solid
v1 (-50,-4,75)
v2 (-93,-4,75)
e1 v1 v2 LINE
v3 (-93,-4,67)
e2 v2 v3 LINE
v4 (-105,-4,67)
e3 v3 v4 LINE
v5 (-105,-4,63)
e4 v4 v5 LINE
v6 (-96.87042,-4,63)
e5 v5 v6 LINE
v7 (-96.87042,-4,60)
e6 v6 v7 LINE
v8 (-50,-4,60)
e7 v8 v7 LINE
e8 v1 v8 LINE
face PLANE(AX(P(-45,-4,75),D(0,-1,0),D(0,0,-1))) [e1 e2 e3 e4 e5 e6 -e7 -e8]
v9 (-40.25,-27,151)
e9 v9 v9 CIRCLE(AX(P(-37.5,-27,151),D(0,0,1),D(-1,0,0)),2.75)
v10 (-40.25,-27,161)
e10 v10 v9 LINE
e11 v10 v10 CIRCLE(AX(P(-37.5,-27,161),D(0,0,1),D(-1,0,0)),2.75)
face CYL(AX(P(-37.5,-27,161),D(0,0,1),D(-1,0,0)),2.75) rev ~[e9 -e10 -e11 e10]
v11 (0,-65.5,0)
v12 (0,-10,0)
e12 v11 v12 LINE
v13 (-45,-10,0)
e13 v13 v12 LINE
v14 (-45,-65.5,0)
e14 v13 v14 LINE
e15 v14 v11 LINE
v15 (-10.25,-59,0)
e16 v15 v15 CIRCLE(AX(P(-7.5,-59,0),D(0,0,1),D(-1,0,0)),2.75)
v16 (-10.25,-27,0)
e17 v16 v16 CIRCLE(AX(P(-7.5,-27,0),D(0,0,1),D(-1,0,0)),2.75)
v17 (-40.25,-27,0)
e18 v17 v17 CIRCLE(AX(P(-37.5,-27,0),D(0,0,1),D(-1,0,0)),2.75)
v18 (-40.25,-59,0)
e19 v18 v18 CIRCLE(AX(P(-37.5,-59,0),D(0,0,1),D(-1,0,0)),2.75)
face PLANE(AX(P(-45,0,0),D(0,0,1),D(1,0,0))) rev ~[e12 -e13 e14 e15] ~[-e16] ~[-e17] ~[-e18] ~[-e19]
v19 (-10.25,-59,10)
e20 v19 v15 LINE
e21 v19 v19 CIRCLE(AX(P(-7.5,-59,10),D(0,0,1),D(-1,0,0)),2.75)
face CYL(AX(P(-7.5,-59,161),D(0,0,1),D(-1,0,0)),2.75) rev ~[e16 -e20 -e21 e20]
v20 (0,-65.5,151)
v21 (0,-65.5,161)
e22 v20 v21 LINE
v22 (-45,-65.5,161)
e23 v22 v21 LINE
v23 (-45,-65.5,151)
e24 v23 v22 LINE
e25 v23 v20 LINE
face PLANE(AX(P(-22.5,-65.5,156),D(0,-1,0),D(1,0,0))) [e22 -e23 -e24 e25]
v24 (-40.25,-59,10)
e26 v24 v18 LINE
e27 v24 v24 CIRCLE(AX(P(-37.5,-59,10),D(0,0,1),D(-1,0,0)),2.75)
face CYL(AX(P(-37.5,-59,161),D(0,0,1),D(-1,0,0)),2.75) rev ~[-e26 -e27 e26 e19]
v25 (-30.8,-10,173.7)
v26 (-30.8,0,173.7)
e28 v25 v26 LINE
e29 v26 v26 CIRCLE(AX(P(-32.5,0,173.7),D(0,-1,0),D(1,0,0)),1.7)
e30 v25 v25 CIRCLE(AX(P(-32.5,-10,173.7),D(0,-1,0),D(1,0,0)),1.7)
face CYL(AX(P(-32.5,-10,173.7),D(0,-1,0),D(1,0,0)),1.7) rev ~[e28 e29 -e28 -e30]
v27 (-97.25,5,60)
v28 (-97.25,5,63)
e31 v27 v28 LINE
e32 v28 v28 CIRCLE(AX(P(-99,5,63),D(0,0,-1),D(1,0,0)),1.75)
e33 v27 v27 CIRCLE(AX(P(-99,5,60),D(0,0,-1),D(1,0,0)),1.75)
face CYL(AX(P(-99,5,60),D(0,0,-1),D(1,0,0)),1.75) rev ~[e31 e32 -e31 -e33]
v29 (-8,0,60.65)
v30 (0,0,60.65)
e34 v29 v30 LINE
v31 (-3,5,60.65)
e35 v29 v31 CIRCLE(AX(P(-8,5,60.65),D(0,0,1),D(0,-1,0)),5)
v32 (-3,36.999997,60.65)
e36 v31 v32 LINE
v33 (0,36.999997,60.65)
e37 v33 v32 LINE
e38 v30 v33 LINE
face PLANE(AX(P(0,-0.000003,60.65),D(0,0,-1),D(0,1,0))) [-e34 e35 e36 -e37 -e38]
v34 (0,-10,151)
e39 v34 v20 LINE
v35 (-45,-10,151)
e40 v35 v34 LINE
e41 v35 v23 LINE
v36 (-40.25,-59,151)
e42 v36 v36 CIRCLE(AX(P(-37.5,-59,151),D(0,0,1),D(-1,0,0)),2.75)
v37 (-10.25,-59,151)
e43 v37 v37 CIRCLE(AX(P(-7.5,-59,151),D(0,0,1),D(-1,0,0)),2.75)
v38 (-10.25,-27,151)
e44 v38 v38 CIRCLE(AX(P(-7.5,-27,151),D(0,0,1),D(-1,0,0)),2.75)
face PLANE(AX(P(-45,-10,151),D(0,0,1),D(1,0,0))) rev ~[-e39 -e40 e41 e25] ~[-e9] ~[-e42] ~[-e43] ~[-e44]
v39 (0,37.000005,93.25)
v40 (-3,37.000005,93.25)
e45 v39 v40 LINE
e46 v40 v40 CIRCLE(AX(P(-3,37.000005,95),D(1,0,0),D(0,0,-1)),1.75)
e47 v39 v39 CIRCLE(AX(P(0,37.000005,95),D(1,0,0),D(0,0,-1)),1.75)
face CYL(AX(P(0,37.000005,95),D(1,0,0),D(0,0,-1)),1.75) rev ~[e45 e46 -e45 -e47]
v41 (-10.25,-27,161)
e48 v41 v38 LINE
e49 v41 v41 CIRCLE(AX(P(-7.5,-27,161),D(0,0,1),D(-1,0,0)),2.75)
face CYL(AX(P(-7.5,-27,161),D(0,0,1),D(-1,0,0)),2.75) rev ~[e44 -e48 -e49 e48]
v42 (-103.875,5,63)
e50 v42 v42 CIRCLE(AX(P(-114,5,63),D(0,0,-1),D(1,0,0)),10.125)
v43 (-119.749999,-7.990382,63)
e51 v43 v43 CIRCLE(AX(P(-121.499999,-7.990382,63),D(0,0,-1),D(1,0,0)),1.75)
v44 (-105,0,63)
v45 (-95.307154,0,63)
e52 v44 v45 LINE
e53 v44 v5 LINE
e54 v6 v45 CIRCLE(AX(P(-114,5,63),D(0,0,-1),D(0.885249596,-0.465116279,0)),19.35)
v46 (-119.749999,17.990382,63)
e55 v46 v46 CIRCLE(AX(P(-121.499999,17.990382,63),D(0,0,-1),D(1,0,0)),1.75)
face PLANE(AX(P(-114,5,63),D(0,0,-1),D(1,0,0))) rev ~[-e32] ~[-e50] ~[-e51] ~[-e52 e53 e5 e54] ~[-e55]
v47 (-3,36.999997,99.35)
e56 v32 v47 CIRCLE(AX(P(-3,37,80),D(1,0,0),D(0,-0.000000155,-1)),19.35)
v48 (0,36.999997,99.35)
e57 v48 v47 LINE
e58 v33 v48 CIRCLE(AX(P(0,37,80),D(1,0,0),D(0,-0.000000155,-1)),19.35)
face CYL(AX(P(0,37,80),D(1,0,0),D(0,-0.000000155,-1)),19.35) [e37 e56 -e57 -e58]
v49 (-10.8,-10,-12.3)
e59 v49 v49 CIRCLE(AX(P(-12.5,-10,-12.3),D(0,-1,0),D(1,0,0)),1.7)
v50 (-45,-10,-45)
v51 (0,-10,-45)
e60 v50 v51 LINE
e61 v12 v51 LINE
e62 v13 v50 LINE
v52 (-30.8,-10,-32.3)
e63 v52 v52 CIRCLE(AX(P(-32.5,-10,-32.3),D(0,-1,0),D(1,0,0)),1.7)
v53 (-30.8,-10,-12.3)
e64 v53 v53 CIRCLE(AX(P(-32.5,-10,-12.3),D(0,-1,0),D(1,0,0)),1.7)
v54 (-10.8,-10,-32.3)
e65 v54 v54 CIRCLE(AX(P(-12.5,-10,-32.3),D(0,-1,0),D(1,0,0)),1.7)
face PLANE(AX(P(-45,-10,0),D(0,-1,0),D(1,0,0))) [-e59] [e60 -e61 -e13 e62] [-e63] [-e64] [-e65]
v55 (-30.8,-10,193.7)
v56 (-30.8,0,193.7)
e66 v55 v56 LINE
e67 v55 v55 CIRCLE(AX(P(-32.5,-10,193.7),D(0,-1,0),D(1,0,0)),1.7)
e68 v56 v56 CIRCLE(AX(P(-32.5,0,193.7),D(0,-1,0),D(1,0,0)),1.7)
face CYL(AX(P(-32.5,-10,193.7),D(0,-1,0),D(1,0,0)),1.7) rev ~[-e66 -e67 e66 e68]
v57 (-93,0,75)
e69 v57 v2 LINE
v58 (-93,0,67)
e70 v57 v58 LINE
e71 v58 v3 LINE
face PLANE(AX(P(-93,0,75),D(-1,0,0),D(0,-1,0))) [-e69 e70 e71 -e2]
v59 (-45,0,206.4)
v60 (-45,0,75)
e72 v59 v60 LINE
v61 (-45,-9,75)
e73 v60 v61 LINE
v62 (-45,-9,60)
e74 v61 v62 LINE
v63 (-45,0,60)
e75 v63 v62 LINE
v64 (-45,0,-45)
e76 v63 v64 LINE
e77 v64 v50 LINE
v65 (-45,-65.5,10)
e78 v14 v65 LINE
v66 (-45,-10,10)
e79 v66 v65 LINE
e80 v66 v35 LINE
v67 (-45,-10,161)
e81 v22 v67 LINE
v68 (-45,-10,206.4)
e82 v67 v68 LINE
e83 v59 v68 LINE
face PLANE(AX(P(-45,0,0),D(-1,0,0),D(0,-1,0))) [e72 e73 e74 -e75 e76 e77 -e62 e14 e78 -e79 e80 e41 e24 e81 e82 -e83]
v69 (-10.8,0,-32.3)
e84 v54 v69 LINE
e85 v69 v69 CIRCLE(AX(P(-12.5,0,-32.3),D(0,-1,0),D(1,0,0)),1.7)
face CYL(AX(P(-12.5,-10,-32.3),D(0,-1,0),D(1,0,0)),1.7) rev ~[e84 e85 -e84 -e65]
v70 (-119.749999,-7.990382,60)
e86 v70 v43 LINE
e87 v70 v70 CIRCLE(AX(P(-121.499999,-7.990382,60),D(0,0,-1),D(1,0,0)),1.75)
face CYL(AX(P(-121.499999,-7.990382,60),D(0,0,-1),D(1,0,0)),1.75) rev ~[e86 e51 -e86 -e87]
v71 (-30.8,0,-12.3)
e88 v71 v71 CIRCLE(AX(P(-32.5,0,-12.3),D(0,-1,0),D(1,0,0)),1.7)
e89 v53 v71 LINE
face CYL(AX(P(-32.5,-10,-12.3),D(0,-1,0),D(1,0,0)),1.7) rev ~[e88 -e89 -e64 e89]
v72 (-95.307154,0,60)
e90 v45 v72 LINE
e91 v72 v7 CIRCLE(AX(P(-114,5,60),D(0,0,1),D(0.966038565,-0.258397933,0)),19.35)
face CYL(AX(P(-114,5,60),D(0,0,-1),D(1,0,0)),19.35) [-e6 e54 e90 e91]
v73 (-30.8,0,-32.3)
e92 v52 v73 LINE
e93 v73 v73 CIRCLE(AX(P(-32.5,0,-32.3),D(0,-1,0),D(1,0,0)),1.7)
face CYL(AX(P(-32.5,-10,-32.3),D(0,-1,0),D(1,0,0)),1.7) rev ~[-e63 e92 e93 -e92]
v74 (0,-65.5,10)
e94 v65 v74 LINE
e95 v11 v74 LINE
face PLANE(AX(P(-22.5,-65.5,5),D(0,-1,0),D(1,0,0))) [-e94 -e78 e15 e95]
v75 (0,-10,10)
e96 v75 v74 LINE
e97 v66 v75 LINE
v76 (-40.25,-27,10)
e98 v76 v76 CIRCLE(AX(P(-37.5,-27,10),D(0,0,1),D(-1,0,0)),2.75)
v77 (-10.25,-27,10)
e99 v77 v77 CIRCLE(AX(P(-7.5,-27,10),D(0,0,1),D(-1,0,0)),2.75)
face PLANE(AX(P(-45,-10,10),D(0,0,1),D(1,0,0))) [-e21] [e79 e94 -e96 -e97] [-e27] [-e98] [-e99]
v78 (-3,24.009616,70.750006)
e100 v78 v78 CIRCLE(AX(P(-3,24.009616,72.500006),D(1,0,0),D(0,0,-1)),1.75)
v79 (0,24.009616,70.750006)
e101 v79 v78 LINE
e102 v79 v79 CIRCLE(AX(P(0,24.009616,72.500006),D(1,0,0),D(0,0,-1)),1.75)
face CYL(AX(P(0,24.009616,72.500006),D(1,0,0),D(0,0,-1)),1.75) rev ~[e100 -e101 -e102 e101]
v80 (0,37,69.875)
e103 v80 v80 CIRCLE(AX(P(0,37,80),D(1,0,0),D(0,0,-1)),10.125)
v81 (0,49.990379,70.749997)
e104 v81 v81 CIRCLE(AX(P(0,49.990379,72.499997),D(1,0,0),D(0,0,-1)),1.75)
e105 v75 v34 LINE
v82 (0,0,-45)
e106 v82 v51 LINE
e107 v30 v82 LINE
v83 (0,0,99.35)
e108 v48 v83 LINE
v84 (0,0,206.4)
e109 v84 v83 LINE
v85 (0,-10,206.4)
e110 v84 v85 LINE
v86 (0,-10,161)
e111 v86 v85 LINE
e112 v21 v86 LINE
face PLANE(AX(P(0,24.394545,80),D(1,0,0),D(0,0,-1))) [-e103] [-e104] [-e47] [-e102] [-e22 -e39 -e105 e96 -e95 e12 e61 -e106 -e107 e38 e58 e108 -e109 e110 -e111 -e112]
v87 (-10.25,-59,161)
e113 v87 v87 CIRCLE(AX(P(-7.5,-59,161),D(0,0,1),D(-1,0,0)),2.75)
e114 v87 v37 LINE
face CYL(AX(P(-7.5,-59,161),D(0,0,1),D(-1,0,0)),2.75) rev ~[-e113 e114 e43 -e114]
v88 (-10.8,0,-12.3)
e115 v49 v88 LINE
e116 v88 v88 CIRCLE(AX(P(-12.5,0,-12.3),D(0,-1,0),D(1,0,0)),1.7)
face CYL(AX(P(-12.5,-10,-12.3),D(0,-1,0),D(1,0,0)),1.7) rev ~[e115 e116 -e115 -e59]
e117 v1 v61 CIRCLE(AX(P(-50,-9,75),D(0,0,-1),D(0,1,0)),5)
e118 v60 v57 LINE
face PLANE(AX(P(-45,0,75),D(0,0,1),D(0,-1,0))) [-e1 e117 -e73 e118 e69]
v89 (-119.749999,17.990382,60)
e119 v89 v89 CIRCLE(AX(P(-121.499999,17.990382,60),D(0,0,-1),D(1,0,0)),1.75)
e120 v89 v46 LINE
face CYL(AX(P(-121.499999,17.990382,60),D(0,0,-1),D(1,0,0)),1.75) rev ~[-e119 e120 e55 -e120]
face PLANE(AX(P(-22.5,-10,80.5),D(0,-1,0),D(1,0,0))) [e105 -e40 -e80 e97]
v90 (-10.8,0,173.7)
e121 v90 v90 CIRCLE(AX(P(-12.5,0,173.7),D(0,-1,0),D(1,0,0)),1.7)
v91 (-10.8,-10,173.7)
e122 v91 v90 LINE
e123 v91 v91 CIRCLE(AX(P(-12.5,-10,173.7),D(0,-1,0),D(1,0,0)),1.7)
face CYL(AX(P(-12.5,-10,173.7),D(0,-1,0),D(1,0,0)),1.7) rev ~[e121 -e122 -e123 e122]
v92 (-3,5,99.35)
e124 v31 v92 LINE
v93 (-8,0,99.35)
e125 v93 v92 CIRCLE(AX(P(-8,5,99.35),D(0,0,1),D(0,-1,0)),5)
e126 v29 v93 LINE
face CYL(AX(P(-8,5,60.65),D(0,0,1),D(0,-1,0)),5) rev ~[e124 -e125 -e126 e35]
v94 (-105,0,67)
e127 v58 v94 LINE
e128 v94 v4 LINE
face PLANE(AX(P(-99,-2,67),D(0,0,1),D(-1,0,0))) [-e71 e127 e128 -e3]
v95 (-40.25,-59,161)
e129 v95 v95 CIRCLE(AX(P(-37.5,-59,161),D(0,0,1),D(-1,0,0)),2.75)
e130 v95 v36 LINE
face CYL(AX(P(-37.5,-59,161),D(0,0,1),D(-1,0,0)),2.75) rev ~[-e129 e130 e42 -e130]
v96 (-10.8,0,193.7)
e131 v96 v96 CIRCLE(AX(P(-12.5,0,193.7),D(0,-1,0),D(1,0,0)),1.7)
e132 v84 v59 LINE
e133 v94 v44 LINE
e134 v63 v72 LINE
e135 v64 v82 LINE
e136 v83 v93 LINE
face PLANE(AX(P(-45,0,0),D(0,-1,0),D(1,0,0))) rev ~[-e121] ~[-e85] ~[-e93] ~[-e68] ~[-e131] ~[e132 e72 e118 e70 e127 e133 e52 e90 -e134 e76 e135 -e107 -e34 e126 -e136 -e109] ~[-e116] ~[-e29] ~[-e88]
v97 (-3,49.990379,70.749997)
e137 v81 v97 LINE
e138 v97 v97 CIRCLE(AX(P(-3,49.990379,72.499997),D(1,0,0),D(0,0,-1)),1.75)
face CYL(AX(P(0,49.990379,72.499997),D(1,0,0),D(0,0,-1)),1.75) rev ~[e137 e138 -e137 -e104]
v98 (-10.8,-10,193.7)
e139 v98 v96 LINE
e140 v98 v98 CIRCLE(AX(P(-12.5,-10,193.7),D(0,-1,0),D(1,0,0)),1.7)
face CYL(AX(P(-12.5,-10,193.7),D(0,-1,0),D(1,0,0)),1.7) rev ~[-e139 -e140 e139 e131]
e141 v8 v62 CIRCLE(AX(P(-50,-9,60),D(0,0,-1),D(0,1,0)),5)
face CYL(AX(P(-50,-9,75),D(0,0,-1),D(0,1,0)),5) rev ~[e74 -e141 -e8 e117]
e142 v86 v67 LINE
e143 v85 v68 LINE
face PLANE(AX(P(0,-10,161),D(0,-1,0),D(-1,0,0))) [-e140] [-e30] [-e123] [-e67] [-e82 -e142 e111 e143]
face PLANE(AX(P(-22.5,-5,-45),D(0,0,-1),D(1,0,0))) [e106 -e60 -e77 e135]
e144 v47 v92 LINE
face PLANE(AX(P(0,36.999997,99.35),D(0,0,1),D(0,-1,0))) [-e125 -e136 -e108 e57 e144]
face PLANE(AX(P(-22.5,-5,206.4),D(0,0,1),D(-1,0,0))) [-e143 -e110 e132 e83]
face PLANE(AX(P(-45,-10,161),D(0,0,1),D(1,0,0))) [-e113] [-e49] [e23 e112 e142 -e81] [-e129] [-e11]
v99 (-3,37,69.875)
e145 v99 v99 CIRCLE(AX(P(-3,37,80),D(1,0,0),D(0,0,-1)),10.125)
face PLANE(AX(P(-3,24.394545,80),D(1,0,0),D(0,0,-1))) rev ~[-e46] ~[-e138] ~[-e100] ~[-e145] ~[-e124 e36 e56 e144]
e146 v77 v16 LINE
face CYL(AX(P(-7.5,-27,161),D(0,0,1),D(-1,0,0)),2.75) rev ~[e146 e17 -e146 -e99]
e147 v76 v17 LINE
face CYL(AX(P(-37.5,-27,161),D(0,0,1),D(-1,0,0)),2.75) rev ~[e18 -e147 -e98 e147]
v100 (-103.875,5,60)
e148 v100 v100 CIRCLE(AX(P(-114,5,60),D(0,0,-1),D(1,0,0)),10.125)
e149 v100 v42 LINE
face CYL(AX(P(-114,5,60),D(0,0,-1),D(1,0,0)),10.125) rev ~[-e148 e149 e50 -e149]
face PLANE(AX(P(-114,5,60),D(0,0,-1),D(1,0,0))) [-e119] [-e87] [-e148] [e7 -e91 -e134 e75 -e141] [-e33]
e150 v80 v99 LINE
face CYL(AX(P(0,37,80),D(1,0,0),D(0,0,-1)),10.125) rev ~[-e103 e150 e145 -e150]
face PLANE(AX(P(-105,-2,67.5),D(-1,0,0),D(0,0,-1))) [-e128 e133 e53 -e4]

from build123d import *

# Parameters (mm, degrees)
SKETCH_W      = 45
SKETCH_H      = 161
PAD_DEPTH     = 10
SKETCH001_W   = 45
SKETCH001_H   = 10
PAD001_DEPTH  = 55.5
SKETCH002_R   = 2.75
HOLE_DEPTH    = 161.001
SKETCH003_W   = 45
SKETCH003_H   = 10
PAD002_DEPTH  = 45.4
SKETCH004_R   = 1.7
HOLE001_DEPTH = 10.001
SKETCH005_W   = 45
SKETCH005_H   = 10
PAD003_DEPTH  = 45
SKETCH006_R   = 1.7
HOLE002_DEPTH = 10.001
SKETCH007_R   = 10.125
SKETCH007_R_2 = 1.75
PAD004_DEPTH  = 3
SKETCH008_W   = 15
SKETCH008_H   = 4
PAD005_DEPTH  = 60
SKETCH009_R   = 19.35
SKETCH009_R_2 = 10.125
SKETCH009_R_3 = 1.75
PAD006_DEPTH  = 3
SKETCH010_W   = 12
SKETCH010_H   = 4
POCKET_DEPTH  = 8
FILLET_R      = 5


with BuildPart() as part:
    # Sketch → Pad (new body)
    with BuildSketch(Plane.XZ):
        with Locations((-22.5, 80.5)):
            Rectangle(SKETCH_W, SKETCH_H)
    extrude(amount=PAD_DEPTH)

    # Sketch001 (on Face6 of Pad) → Pad001 (join)
    with BuildSketch(Plane.XZ.offset(10)):
        with Locations((-22.5, 156)):
            Rectangle(SKETCH001_W, SKETCH001_H)
        with Locations((-22.5, 5)):
            Rectangle(SKETCH001_W, SKETCH001_H)
    extrude(amount=PAD001_DEPTH)

    # Sketch002 (on Face9 of Pad001) → Hole (cut, through all)
    with BuildSketch(Plane(origin=(0, 0, 161), x_dir=(-1, 0, 0), z_dir=(0, 0, 1))):
        with Locations((7.5, 59)):
            Circle(SKETCH002_R)
        with Locations((37.5, 59)):
            Circle(SKETCH002_R)
        with Locations((7.5, 27)):
            Circle(SKETCH002_R)
        with Locations((37.5, 27)):
            Circle(SKETCH002_R)
    extrude(amount=-HOLE_DEPTH, mode=Mode.SUBTRACT)

    # Sketch003 (on Face3 of Hole) → Pad002 (join)
    with BuildSketch(Plane(origin=(0, 0, 161), x_dir=(-1, 0, 0), z_dir=(0, 0, 1))):
        with Locations((22.5, 5)):
            Rectangle(SKETCH003_W, SKETCH003_H)
    extrude(amount=PAD002_DEPTH)

    # Sketch004 (on Face12 of Pad002) → Hole001 (cut, through all)
    with BuildSketch(Plane.XZ.offset(10)):
        with Locations((-32.5, 193.7)):
            Circle(SKETCH004_R)
        with Locations((-12.5, 193.7)):
            Circle(SKETCH004_R)
        with Locations((-32.5, 173.7)):
            Circle(SKETCH004_R)
        with Locations((-12.5, 173.7)):
            Circle(SKETCH004_R)
    extrude(amount=-HOLE001_DEPTH, mode=Mode.SUBTRACT)

    # Sketch005 (on Face16 of Hole001) → Pad003 (join)
    with BuildSketch(Plane(origin=(0, 0, 0), x_dir=(1, 0, 0), z_dir=(0, 0, -1))):
        with Locations((-22.5, 5)):
            Rectangle(SKETCH005_W, SKETCH005_H)
    extrude(amount=PAD003_DEPTH)

    # Sketch006 (on Face22 of Pad003) → Hole002 (cut, through all)
    with BuildSketch(Plane.XZ.offset(10)):
        with Locations((-32.5, -12.3)):
            Circle(SKETCH006_R)
        with Locations((-12.5, -12.3)):
            Circle(SKETCH006_R)
        with Locations((-32.5, -32.3)):
            Circle(SKETCH006_R)
        with Locations((-12.5, -32.3)):
            Circle(SKETCH006_R)
    extrude(amount=-HOLE002_DEPTH, mode=Mode.SUBTRACT)

    # Sketch007 (on Face2 of Hole002) → Pad004 (join)
    with BuildSketch(Plane(origin=(0, 37, 80), x_dir=(0, 0, -1), z_dir=(1, 0, 0))):
        with BuildLine():
            ThreePointArc((19.35, -3e-06), (0, 19.35), (-19.35, -3e-06))
            Line((-19.35, -3e-06), (-19.35, -37.000003))
            Line((-19.35, -37.000003), (19.35, -37.000003))
            Line((19.35, -37.000003), (19.35, -3e-06))
        make_face()
        Circle(SKETCH007_R, mode=Mode.SUBTRACT)
        with Locations((7.500003, 12.990379)):
            Circle(SKETCH007_R_2, mode=Mode.SUBTRACT)
        with Locations((-15, 5e-06)):
            Circle(SKETCH007_R_2, mode=Mode.SUBTRACT)
        with Locations((7.499994, -12.990384)):
            Circle(SKETCH007_R_2, mode=Mode.SUBTRACT)
    extrude(amount=-PAD004_DEPTH)

    # Sketch008 (on Face3 of Pad004) → Pad005 (join)
    with BuildSketch(Plane(origin=(-45, 0, 0), x_dir=(0, 0, -1), z_dir=(-1, 0, 0))):
        with Locations((-67.5, 2)):
            Rectangle(SKETCH008_W, SKETCH008_H)
    extrude(amount=PAD005_DEPTH)

    # Sketch009 (on Face25 of Pad005) → Pad006 (join)
    with BuildSketch(Plane(origin=(0, 0, 60), x_dir=(1, 0, 0), z_dir=(0, 0, -1))):
        with Locations((-114, -5)):
            Circle(SKETCH009_R)
        with Locations((-114, -5)):
            Circle(SKETCH009_R_2, mode=Mode.SUBTRACT)
        with Locations((-121.499999, 7.990382)):
            Circle(SKETCH009_R_3, mode=Mode.SUBTRACT)
        with Locations((-121.499999, -17.990382)):
            Circle(SKETCH009_R_3, mode=Mode.SUBTRACT)
        with Locations((-99, -5)):
            Circle(SKETCH009_R_3, mode=Mode.SUBTRACT)
    extrude(amount=-PAD006_DEPTH)

    # Sketch010 (on Face27 of Pad006) → Pocket (cut)
    with BuildSketch(Plane(origin=(0, 0, 75), x_dir=(-1, 0, 0), z_dir=(0, 0, 1))):
        with Locations((99, 2)):
            Rectangle(SKETCH010_W, SKETCH010_H)
    extrude(amount=-POCKET_DEPTH, mode=Mode.SUBTRACT)

    # Fillet
    fillet_edges = [part.edges().sort_by_distance(p)[0] for p in [
        (-45, -4, 67.5),
        (-3, -3e-06, 80),
    ]]
    fillet(fillet_edges, radius=FILLET_R)


solid = part.part
